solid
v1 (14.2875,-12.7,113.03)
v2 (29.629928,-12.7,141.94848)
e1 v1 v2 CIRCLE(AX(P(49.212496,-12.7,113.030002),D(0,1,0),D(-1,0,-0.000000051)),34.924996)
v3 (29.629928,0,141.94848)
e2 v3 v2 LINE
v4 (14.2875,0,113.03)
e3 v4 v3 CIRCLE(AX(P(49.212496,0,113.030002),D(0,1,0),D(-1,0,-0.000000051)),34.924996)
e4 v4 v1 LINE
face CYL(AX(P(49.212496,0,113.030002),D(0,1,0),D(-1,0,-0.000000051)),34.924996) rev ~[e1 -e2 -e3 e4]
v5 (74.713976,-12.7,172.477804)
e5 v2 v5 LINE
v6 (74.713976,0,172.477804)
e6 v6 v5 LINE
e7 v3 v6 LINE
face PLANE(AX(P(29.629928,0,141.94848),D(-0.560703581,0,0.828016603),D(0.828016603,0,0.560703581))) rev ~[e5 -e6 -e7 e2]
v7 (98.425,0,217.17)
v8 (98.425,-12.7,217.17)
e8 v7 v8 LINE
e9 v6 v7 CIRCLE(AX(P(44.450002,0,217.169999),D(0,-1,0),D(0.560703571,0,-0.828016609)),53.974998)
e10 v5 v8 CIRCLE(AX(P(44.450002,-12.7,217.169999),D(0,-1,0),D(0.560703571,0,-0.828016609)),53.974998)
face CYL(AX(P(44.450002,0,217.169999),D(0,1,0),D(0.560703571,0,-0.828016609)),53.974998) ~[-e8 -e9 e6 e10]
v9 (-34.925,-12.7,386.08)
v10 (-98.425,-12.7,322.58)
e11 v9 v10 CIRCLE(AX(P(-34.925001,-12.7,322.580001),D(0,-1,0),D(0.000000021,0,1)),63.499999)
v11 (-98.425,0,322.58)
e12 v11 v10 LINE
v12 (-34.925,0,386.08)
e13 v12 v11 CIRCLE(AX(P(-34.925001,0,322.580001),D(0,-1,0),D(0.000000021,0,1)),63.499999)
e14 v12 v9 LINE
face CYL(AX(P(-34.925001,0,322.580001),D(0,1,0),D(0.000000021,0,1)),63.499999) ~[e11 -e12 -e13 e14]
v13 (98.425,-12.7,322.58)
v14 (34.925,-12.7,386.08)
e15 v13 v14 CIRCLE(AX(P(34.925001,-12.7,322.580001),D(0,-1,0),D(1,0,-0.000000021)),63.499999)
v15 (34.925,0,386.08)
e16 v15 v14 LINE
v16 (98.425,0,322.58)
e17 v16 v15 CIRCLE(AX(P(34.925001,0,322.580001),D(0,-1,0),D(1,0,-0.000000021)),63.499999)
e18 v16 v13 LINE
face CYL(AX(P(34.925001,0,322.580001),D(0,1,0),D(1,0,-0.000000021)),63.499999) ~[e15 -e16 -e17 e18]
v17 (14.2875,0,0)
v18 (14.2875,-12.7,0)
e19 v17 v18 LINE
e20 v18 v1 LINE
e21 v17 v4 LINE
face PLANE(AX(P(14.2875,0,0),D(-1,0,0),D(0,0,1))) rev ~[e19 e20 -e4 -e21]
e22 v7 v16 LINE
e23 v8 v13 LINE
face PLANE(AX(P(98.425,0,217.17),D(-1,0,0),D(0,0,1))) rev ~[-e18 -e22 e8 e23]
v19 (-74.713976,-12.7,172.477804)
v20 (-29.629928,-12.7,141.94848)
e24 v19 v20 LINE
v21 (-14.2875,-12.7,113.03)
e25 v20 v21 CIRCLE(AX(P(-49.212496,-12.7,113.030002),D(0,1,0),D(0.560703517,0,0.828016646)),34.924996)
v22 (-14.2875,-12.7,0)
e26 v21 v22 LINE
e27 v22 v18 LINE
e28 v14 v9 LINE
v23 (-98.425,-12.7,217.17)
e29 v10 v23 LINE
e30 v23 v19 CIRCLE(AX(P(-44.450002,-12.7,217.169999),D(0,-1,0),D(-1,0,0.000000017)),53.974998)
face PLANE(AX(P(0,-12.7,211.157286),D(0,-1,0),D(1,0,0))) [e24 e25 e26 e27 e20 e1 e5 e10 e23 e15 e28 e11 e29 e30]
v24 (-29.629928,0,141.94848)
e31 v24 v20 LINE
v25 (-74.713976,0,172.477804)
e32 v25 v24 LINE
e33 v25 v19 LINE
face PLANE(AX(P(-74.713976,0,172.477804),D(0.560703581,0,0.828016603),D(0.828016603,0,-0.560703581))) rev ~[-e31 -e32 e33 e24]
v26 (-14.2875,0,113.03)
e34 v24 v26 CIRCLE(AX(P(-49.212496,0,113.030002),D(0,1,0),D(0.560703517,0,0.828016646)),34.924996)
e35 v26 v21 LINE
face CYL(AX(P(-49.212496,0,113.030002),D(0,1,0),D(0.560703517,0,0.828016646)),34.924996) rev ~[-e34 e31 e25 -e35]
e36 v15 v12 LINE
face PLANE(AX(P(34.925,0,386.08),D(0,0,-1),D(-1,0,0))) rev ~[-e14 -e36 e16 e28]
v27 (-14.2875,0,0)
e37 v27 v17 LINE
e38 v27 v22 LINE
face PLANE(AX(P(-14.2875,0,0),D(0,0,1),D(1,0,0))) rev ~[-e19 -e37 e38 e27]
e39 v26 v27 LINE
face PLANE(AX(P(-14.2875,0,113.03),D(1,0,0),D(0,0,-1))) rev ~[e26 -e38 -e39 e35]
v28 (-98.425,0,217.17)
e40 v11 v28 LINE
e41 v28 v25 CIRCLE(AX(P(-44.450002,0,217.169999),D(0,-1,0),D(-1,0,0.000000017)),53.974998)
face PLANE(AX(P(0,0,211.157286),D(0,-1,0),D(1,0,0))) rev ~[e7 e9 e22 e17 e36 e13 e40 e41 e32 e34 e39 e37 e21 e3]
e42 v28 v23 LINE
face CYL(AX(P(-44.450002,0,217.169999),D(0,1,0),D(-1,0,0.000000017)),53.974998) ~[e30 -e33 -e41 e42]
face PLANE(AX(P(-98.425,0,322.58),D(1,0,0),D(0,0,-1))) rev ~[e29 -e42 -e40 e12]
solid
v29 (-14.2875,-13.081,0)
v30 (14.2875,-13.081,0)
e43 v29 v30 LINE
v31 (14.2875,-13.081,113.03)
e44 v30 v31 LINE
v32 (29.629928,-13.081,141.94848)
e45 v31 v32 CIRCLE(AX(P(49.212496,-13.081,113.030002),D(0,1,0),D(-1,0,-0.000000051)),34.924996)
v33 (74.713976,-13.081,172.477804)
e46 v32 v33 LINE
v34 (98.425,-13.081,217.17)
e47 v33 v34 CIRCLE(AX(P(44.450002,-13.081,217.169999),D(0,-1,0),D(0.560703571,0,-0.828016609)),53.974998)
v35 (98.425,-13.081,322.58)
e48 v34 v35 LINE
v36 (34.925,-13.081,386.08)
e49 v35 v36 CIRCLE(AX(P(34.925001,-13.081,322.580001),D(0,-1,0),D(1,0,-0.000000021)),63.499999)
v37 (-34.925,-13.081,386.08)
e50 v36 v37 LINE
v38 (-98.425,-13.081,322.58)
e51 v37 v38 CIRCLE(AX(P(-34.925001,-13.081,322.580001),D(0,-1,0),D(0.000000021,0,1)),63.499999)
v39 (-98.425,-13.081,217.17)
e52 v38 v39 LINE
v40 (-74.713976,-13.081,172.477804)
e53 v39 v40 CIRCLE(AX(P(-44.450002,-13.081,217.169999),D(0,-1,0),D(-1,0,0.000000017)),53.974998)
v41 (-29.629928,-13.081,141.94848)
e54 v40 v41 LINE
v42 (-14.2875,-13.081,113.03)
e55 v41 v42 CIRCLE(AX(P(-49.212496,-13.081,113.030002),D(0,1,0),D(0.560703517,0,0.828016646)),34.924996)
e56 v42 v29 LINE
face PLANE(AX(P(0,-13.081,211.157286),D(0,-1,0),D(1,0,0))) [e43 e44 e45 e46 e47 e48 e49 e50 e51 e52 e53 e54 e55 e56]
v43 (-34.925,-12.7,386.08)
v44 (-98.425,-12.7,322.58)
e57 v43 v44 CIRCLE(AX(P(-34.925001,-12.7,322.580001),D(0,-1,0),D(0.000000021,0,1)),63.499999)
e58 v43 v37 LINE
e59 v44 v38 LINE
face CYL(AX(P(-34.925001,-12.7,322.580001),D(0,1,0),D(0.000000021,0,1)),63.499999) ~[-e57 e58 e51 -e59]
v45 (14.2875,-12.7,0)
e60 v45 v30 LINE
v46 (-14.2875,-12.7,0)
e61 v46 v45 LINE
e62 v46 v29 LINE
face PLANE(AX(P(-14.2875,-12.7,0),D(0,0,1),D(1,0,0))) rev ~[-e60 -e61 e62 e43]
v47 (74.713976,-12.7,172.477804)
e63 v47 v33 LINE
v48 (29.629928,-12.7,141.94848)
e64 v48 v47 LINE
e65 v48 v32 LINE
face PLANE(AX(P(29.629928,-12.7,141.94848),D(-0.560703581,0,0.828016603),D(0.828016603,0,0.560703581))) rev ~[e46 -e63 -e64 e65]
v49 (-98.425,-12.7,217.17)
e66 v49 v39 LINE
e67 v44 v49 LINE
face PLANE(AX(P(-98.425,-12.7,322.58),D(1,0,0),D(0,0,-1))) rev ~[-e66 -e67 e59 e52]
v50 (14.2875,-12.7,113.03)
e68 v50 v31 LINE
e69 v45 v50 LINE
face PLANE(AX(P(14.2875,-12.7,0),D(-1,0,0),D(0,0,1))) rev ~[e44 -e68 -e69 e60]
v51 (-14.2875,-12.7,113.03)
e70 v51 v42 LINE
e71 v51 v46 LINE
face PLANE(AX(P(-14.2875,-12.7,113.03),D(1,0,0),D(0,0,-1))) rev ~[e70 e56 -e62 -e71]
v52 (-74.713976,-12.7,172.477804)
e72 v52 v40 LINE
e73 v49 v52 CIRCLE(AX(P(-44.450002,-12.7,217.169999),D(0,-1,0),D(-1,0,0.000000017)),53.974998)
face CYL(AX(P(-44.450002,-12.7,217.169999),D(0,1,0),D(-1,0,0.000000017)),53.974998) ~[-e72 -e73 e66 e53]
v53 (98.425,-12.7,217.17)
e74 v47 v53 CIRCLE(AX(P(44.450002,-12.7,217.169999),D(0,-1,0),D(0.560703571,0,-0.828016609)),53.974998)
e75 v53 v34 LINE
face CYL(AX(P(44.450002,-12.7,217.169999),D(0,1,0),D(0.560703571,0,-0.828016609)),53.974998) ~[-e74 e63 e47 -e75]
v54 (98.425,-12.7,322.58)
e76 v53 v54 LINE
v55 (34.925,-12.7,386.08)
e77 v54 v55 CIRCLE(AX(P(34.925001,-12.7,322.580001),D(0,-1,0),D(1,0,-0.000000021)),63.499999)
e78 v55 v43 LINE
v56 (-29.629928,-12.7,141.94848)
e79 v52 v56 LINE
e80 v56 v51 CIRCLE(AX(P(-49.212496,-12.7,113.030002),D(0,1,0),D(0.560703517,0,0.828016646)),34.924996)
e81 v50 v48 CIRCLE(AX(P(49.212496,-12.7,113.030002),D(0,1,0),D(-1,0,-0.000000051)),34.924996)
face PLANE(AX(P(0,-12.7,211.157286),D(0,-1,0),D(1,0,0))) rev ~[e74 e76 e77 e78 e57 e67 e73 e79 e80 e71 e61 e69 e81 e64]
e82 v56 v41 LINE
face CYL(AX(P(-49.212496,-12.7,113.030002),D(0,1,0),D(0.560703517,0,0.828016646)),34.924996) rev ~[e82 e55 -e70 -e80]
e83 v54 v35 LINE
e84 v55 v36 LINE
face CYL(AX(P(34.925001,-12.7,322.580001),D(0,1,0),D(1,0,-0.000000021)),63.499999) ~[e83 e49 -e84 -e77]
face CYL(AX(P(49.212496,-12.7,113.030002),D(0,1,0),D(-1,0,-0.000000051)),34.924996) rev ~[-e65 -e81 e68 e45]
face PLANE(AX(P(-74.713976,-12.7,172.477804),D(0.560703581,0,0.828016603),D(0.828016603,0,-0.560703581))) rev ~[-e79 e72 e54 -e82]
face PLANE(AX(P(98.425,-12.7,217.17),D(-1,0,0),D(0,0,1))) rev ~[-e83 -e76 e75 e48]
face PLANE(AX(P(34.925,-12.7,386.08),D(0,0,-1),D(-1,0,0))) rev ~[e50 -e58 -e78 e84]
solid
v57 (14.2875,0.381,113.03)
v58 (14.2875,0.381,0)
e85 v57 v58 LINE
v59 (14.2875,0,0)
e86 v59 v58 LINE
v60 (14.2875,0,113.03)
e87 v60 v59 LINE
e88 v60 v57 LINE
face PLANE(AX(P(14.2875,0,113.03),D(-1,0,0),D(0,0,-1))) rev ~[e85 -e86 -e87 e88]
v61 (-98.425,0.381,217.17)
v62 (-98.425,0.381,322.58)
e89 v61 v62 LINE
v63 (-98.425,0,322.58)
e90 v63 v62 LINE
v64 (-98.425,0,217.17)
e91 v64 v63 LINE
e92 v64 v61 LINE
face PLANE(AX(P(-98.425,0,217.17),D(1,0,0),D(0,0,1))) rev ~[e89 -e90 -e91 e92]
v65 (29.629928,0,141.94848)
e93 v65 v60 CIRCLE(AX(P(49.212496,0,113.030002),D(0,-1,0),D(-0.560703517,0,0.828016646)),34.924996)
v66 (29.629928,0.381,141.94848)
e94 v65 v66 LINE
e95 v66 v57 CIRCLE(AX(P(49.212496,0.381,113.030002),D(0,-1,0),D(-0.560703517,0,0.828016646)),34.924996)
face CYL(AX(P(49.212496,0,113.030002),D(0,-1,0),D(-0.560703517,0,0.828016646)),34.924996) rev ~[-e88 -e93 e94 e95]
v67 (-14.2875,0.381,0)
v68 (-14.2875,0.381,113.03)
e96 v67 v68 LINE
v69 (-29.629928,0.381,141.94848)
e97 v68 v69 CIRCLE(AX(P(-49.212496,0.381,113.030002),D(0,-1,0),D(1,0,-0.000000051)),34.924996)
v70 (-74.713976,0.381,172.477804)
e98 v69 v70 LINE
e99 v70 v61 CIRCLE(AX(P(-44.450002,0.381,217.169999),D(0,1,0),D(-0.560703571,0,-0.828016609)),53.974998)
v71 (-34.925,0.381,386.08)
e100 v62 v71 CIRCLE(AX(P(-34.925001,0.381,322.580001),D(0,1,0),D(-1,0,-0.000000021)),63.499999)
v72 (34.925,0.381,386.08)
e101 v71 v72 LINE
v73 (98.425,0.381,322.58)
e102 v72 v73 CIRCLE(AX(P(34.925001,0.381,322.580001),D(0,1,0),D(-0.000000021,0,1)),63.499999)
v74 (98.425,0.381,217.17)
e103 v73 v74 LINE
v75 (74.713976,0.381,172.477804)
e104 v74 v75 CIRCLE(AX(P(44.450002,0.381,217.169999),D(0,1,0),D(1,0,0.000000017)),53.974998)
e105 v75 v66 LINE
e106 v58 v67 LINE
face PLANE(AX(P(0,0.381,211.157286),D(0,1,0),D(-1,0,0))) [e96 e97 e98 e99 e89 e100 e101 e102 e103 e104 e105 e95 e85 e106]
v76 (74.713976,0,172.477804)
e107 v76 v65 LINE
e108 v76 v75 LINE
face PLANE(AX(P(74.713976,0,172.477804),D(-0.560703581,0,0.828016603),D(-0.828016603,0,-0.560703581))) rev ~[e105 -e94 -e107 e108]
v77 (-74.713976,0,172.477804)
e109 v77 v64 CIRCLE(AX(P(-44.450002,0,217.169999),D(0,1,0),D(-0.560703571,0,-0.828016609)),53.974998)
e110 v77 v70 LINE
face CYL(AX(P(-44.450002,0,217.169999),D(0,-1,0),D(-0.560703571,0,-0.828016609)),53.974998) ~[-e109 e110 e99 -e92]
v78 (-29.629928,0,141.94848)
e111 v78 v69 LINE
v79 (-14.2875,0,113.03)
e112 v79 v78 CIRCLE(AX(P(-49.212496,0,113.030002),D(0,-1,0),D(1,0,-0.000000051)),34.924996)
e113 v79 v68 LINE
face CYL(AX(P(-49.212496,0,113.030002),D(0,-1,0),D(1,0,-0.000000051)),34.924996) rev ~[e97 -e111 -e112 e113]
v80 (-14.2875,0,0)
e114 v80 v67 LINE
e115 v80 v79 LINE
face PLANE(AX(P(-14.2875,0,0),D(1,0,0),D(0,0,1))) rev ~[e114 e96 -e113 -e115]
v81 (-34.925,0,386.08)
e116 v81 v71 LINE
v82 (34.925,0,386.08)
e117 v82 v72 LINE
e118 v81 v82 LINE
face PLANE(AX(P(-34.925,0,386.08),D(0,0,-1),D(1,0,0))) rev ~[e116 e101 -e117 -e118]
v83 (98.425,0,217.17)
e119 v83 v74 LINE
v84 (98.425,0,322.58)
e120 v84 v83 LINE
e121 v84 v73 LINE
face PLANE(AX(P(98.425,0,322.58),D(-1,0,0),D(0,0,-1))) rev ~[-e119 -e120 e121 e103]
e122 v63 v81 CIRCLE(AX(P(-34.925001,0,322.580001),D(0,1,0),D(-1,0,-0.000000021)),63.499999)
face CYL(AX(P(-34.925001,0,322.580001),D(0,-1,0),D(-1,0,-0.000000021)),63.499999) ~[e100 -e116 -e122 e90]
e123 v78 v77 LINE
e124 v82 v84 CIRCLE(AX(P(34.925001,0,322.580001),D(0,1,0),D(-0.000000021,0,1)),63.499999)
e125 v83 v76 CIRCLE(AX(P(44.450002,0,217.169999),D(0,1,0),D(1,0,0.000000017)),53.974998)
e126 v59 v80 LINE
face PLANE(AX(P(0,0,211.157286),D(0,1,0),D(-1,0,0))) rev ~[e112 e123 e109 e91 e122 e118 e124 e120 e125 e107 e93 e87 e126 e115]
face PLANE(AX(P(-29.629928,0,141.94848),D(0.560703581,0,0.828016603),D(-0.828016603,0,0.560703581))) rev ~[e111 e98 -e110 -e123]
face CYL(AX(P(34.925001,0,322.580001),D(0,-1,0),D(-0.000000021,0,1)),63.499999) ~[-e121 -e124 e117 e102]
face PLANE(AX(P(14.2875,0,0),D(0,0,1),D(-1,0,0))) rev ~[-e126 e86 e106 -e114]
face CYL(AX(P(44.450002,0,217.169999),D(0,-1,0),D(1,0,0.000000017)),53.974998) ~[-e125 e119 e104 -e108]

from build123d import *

# Parameters (mm, degrees)
F1_DEPTH = 12.7
F3_DEPTH = 0.381
F5_DEPTH = 0.381


with BuildPart() as f1:
    # F0 (on Front) → F1 (new body)
    with BuildSketch(Plane.XZ):
        with BuildLine():
            Line((-14.2875, 0), (0, 0))
            Line((0, 0), (14.2875, 0))
            Line((14.2875, 0), (14.2875, 113.03))
            ThreePointArc((14.2875, 113.03), (18.36062, 129.398175), (29.629928, 141.94848))
            Line((29.629928, 141.94848), (74.713976, 172.477804))
            ThreePointArc((74.713976, 172.477804), (92.130178, 191.87373), (98.425, 217.17))
            Line((98.425, 217.17), (98.425, 322.58))
            ThreePointArc((98.425, 322.58), (79.826281, 367.481281), (34.925, 386.08))
            Line((34.925, 386.08), (0, 386.08))
            Line((0, 386.08), (-34.925, 386.08))
            ThreePointArc((-34.925, 386.08), (-79.826281, 367.481281), (-98.425, 322.58))
            Line((-98.425, 322.58), (-98.425, 217.17))
            ThreePointArc((-98.425, 217.17), (-92.130178, 191.87373), (-74.713976, 172.477804))
            Line((-74.713976, 172.477804), (-29.629928, 141.94848))
            ThreePointArc((-29.629928, 141.94848), (-18.36062, 129.398175), (-14.2875, 113.03))
            Line((-14.2875, 113.03), (-14.2875, 0))
        make_face()
    extrude(amount=F1_DEPTH)


with BuildPart() as f3:
    # F2 (on face) → F3 (new body)
    with BuildSketch(Plane.XZ.offset(12.7)):
        with BuildLine():
            Line((-14.2875, 0), (14.2875, 0))
            Line((14.2875, 0), (14.2875, 113.03))
            ThreePointArc((14.2875, 113.03), (18.36062, 129.398175), (29.629928, 141.94848))
            Line((29.629928, 141.94848), (74.713976, 172.477804))
            ThreePointArc((74.713976, 172.477804), (92.130178, 191.87373), (98.425, 217.17))
            Line((98.425, 217.17), (98.425, 322.58))
            ThreePointArc((98.425, 322.58), (79.826281, 367.481281), (34.925, 386.08))
            Line((34.925, 386.08), (-34.925, 386.08))
            ThreePointArc((-34.925, 386.08), (-79.826281, 367.481281), (-98.425, 322.58))
            Line((-98.425, 322.58), (-98.425, 217.17))
            ThreePointArc((-98.425, 217.17), (-92.130178, 191.87373), (-74.713976, 172.477804))
            Line((-74.713976, 172.477804), (-29.629928, 141.94848))
            ThreePointArc((-29.629928, 141.94848), (-18.36062, 129.398175), (-14.2875, 113.03))
            Line((-14.2875, 113.03), (-14.2875, 0))
        make_face()
    extrude(amount=F3_DEPTH)


with BuildPart() as f5:
    # F4 (on face) → F5 (new body)
    with BuildSketch(Plane(origin=(0, 0, 0), x_dir=(-1, 0, 0), z_dir=(0, 1, 0))):
        with BuildLine():
            Line((-14.2875, 113.03), (-14.2875, 0))
            Line((-14.2875, 0), (14.2875, 0))
            Line((14.2875, 0), (14.2875, 113.03))
            ThreePointArc((14.2875, 113.03), (18.36062, 129.398175), (29.629928, 141.94848))
            Line((29.629928, 141.94848), (74.713976, 172.477804))
            ThreePointArc((74.713976, 172.477804), (92.130178, 191.87373), (98.425, 217.17))
            Line((98.425, 217.17), (98.425, 322.58))
            ThreePointArc((98.425, 322.58), (79.826281, 367.481281), (34.925, 386.08))
            Line((34.925, 386.08), (-34.925, 386.08))
            ThreePointArc((-34.925, 386.08), (-79.826281, 367.481281), (-98.425, 322.58))
            Line((-98.425, 322.58), (-98.425, 217.17))
            ThreePointArc((-98.425, 217.17), (-92.130178, 191.87373), (-74.713976, 172.477804))
            Line((-74.713976, 172.477804), (-29.629928, 141.94848))
            ThreePointArc((-29.629928, 141.94848), (-18.36062, 129.398175), (-14.2875, 113.03))
        make_face()
    extrude(amount=F5_DEPTH)


solid = Compound([f1.part, f3.part, f5.part])
